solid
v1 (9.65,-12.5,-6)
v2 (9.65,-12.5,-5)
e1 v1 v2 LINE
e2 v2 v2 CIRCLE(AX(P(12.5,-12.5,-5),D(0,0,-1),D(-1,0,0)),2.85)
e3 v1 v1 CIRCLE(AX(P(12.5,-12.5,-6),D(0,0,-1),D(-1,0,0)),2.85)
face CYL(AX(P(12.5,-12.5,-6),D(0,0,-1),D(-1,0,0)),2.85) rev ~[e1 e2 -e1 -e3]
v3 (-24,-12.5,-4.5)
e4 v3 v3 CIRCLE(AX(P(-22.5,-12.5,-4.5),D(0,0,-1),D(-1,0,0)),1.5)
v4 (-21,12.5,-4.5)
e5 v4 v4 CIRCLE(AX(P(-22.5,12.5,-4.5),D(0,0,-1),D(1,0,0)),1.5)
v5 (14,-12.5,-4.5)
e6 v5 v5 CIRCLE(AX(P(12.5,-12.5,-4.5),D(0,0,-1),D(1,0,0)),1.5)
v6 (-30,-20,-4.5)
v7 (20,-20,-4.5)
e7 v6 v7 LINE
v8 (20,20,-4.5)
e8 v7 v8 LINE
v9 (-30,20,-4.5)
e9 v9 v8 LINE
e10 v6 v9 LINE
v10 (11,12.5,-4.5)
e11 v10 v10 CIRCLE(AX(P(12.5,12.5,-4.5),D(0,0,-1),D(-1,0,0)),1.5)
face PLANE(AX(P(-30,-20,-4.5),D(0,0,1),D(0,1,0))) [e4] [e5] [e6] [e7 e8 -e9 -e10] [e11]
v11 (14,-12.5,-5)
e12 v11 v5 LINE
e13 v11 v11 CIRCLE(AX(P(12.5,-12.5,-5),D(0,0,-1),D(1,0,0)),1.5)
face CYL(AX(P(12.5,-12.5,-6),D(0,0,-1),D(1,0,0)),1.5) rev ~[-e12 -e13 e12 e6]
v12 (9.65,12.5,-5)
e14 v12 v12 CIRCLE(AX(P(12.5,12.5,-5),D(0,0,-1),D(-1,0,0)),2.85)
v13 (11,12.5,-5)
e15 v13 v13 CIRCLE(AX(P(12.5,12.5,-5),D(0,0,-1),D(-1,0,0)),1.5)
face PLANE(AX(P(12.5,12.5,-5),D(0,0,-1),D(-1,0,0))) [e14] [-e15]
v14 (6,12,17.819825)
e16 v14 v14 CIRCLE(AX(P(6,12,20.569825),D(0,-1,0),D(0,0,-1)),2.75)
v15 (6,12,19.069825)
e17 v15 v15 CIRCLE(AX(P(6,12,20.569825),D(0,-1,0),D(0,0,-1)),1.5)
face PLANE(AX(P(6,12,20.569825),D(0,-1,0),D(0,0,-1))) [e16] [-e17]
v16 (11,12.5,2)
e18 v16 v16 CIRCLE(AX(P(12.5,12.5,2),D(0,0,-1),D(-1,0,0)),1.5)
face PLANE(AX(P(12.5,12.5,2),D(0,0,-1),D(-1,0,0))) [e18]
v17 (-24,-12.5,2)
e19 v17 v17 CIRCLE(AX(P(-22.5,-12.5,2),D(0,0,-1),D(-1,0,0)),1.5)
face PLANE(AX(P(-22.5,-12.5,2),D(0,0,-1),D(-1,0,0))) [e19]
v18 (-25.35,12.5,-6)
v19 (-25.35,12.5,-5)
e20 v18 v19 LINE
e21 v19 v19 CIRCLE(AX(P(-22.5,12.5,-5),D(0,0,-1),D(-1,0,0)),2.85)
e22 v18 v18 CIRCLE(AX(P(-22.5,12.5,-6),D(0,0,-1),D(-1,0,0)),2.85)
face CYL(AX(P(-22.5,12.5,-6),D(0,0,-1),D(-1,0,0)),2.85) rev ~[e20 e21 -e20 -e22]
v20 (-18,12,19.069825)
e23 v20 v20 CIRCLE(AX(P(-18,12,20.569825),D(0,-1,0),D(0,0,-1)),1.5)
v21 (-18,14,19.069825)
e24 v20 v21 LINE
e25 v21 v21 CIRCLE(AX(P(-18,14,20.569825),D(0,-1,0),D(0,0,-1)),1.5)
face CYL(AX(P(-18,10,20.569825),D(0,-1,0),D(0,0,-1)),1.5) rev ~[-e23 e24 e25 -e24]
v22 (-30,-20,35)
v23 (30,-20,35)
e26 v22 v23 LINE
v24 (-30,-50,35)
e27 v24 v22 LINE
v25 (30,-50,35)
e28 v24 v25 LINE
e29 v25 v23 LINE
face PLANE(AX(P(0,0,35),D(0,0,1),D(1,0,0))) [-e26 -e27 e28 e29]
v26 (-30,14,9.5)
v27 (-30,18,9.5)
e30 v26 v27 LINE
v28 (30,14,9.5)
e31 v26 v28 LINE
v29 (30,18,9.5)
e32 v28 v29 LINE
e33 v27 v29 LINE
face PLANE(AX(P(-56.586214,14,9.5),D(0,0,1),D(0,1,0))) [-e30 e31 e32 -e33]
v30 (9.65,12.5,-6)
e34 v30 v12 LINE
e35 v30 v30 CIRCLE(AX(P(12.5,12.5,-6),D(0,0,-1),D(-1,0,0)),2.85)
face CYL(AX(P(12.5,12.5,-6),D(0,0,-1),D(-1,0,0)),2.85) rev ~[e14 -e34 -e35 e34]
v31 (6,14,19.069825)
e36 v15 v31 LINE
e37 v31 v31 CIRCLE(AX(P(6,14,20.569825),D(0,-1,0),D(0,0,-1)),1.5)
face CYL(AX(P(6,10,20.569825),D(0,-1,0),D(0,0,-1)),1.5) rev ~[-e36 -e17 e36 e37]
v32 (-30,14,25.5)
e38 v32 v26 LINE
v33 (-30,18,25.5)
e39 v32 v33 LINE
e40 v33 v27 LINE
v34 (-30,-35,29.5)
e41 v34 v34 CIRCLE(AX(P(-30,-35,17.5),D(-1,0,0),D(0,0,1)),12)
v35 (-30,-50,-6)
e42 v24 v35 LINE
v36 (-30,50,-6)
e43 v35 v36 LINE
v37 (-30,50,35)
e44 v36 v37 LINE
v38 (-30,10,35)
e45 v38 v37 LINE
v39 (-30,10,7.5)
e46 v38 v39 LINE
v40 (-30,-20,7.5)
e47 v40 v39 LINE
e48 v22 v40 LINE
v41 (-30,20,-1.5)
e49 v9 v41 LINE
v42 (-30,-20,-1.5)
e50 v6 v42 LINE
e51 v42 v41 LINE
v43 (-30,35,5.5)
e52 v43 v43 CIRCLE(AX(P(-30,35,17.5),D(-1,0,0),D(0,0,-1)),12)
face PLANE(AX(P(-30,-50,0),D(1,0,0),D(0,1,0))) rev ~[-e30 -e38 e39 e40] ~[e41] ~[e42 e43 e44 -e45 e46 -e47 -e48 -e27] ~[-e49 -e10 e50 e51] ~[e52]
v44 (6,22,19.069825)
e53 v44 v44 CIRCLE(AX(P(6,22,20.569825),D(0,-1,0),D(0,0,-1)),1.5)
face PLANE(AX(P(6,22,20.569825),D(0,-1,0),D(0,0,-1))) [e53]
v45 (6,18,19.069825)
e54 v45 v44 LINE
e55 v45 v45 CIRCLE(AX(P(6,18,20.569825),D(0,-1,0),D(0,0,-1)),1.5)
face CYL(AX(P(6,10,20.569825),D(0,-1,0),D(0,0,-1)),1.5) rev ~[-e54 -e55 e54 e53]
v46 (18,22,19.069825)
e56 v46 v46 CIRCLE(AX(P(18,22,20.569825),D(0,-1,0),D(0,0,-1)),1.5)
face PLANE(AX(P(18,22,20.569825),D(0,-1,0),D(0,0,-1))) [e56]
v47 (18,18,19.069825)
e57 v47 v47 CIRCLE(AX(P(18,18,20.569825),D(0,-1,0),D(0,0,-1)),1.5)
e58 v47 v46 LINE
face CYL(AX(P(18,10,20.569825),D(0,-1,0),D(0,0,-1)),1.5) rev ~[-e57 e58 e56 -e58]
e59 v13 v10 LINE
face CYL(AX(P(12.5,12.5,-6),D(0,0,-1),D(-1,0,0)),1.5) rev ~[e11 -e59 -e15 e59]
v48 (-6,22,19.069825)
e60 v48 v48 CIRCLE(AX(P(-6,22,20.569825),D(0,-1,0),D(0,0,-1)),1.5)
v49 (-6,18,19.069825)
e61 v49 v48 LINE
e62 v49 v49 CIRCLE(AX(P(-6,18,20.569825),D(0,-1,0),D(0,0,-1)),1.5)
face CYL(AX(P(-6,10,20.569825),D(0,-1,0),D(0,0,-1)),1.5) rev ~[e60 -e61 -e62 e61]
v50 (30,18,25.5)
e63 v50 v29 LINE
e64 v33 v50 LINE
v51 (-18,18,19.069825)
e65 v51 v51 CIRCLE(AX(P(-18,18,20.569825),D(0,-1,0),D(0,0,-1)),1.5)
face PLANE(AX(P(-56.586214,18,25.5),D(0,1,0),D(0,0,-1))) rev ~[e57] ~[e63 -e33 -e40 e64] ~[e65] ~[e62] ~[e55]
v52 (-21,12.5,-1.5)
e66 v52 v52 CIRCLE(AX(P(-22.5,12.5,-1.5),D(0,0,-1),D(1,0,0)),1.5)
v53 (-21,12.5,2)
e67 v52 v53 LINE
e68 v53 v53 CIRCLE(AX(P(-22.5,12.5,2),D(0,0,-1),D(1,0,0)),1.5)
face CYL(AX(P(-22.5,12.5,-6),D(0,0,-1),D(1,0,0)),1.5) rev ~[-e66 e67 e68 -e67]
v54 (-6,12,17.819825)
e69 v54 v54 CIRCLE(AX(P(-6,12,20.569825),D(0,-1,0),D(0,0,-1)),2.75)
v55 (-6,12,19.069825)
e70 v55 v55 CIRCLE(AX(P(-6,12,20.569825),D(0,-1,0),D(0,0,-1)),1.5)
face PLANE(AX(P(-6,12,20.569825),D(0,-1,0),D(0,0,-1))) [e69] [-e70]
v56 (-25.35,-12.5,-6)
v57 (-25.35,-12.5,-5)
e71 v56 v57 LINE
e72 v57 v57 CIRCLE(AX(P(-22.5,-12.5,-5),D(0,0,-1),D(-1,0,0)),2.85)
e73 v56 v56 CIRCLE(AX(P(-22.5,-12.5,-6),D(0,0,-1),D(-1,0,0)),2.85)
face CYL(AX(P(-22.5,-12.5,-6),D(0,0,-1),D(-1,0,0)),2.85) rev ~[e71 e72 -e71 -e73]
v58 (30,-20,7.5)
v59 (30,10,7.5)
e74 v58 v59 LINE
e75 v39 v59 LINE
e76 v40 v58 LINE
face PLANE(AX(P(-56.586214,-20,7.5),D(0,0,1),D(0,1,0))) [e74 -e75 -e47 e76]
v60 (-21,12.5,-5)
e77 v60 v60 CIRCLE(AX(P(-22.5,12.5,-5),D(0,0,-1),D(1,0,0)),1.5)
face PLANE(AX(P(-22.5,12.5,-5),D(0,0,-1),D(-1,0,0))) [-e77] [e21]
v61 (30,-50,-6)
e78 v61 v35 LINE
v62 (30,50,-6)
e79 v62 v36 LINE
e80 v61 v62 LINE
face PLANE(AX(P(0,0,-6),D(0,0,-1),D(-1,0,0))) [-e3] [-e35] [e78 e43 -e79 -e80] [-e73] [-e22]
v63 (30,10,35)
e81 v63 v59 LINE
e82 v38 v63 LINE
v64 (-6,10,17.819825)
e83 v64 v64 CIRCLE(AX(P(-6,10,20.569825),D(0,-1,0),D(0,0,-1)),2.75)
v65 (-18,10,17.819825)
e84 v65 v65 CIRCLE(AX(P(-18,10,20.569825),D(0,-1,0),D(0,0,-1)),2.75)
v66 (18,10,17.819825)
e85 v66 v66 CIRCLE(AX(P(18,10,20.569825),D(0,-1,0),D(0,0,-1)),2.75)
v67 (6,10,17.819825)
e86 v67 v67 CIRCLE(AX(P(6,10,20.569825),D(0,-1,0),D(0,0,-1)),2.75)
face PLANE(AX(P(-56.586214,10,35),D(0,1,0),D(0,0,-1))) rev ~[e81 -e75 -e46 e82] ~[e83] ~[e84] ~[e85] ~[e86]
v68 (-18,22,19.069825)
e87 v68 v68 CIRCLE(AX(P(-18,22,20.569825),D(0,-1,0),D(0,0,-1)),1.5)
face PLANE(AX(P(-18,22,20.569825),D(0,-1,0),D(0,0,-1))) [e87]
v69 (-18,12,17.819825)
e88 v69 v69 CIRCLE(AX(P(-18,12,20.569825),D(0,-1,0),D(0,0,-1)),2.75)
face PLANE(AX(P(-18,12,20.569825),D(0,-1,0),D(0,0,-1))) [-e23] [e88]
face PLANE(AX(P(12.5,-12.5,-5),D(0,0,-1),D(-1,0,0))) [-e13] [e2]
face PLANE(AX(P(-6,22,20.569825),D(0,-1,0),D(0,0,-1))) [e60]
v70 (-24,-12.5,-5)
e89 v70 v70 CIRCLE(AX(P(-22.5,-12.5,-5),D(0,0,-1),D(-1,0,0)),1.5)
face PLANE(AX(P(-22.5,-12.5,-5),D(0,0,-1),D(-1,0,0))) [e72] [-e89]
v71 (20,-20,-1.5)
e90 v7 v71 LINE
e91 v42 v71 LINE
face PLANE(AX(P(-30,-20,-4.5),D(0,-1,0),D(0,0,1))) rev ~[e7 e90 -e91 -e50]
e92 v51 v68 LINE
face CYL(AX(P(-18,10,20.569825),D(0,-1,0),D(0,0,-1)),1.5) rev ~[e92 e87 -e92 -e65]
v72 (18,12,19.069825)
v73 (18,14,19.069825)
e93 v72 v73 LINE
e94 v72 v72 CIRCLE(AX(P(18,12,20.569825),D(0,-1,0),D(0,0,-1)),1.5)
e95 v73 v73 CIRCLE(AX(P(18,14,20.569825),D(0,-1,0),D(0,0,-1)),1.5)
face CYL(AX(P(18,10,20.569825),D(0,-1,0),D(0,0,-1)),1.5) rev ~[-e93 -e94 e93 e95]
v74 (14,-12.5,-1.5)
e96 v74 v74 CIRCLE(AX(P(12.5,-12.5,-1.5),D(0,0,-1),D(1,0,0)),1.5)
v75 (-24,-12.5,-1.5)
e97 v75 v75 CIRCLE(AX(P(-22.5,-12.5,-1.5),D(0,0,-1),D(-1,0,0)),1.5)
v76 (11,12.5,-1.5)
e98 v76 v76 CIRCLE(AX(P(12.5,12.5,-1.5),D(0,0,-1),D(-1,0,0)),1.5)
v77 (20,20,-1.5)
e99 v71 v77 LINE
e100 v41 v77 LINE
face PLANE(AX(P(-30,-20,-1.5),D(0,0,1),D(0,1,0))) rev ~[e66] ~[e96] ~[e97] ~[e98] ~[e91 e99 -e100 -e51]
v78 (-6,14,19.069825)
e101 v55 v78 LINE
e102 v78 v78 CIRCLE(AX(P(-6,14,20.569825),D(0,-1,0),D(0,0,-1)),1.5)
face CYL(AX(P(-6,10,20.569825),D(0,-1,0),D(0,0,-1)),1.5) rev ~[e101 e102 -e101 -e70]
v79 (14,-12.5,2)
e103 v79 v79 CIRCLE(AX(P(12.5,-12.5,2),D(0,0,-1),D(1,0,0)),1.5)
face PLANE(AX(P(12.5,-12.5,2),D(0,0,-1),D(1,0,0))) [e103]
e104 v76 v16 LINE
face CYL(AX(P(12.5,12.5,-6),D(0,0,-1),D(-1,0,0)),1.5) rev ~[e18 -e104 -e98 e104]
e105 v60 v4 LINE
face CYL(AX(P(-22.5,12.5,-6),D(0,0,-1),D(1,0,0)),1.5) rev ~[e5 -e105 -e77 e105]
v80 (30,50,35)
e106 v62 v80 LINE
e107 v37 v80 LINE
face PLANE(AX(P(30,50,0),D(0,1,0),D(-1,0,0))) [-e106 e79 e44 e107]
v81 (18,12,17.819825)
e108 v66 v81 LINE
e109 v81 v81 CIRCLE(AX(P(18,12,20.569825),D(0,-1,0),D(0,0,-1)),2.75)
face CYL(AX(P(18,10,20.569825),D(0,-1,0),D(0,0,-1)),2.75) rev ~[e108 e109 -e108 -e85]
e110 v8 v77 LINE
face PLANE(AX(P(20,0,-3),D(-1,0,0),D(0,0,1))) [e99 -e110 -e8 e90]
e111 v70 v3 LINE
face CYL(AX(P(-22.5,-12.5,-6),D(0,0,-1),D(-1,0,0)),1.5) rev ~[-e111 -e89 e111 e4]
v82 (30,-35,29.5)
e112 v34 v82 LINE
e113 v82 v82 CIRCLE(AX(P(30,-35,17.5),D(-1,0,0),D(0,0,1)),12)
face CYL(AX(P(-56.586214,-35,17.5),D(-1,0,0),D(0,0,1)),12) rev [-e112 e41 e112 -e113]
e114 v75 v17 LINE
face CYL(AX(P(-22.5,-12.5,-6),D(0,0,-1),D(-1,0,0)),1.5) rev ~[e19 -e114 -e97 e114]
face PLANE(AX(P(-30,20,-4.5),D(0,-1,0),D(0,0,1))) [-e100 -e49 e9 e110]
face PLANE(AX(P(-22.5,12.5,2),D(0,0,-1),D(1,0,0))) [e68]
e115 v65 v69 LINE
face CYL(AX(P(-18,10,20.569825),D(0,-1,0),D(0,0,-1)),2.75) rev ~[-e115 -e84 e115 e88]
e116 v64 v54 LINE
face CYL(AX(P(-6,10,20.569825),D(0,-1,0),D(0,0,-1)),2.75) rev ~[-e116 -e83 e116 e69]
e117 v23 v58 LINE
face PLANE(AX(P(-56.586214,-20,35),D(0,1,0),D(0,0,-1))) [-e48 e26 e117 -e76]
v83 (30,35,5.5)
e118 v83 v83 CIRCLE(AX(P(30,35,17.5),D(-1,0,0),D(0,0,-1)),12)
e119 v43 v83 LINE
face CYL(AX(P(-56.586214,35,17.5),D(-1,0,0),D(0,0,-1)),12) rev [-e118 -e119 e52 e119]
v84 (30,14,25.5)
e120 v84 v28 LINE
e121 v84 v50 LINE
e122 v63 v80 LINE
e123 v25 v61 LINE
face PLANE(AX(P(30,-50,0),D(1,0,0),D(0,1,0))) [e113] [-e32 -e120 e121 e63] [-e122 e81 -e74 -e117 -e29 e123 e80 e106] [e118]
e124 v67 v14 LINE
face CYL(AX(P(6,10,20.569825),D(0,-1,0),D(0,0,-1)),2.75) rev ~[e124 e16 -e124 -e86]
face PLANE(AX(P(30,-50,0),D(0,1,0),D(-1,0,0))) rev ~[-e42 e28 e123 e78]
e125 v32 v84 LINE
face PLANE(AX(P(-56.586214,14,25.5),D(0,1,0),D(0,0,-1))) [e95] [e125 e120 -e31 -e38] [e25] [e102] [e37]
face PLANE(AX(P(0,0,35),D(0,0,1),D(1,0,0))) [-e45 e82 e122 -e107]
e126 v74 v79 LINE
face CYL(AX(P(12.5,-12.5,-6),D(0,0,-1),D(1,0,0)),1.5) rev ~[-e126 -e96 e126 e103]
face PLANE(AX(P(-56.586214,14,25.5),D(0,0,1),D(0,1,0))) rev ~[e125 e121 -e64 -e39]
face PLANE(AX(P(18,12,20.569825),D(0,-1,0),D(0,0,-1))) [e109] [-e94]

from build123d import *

# Parameters (mm, degrees)
SKETCH1_W               = 60
SKETCH1_H               = 100
BOSS_EXTRUDE1_DEPTH     = 35
CUT_EXTRUDE1_DEPTH      = 86.586213843
CUT_EXTRUDE1_DEPTH_BACK = 86.586213843
SKETCH3_R               = 12
SKETCH3_W               = 16
SKETCH3_H               = 4
CUT_EXTRUDE2_DEPTH      = 86.586213843
CUT_EXTRUDE2_DEPTH_BACK = 86.586213843
SKETCH4_W               = 27.5
SKETCH4_H               = 30
SKETCH5_R               = 1.5
CUT_EXTRUDE3_DEPTH      = 12
SKETCH6_R               = 2.75
CUT_EXTRUDE4_DEPTH      = 2
SKETCH7_W               = 60
SKETCH7_H               = 100
BOSS_EXTRUDE2_DEPTH     = 6
SKETCH11_W              = 3
SKETCH11_H              = 40
CUT_EXTRUDE8_DEPTH      = 50
SKETCH9_R               = 1.5
CUT_EXTRUDE9_DEPTH      = 8
SKETCH12_R              = 2.85
CUT_EXTRUDE10_DEPTH     = 1


with BuildPart() as part:
    # Sketch1 → Boss-Extrude1 (new body)
    with BuildSketch(Plane.XY):
        Rectangle(SKETCH1_W, SKETCH1_H)
    extrude(amount=BOSS_EXTRUDE1_DEPTH)

    # Sketch3 → Cut-Extrude1 (cut, two sides: drawn at the far end of the back side and taken through both)
    with BuildSketch(Plane(origin=(30, 0, 0), x_dir=(0, 0, -1), z_dir=(1, 0, 0)).offset(-CUT_EXTRUDE1_DEPTH_BACK)):
        with Locations((-17.5, 35)):
            Circle(SKETCH3_R)
        with Locations(Location((-17.5, -35, 0), (0, 0, 180))):
            Circle(SKETCH3_R)
        with Locations((-17.5, 16)):
            Rectangle(SKETCH3_W, SKETCH3_H)
    extrude(amount=CUT_EXTRUDE1_DEPTH + CUT_EXTRUDE1_DEPTH_BACK, mode=Mode.SUBTRACT)

    # Sketch4 → Cut-Extrude2 (cut, two sides: drawn at the far end of the back side and taken through both)
    with BuildSketch(Plane(origin=(30, 0, 0), x_dir=(0, 0, -1), z_dir=(1, 0, 0)).offset(-CUT_EXTRUDE2_DEPTH_BACK)):
        with Locations((-21.25, -5)):
            Rectangle(SKETCH4_W, SKETCH4_H)
    extrude(amount=CUT_EXTRUDE2_DEPTH + CUT_EXTRUDE2_DEPTH_BACK, mode=Mode.SUBTRACT)

    # Sketch5 → Cut-Extrude3 (cut)
    with BuildSketch(Plane.XZ.offset(-10)):
        with Locations(Location((-18, 20.569825058, 0), (0, 0, 270))):
            Circle(SKETCH5_R)
        with Locations(Location((-6, 20.569825058, 0), (0, 0, 270))):
            Circle(SKETCH5_R)
        with Locations(Location((6, 20.569825058, 0), (0, 0, 270))):
            Circle(SKETCH5_R)
        with Locations(Location((18, 20.569825058, 0), (0, 0, 270))):
            Circle(SKETCH5_R)
    extrude(amount=-CUT_EXTRUDE3_DEPTH, mode=Mode.SUBTRACT)

    # Sketch6 → Cut-Extrude4 (cut)
    with BuildSketch(Plane.XZ.offset(-10)):
        with Locations(Location((-18, 20.569825058, 0), (0, 0, 270))):
            Circle(SKETCH6_R)
        with Locations(Location((-6, 20.569825058, 0), (0, 0, 270))):
            Circle(SKETCH6_R)
        with Locations(Location((6, 20.569825058, 0), (0, 0, 270))):
            Circle(SKETCH6_R)
        with Locations(Location((18, 20.569825058, 0), (0, 0, 270))):
            Circle(SKETCH6_R)
    extrude(amount=-CUT_EXTRUDE4_DEPTH, mode=Mode.SUBTRACT)

    # Sketch7 → Boss-Extrude2 (add)
    with BuildSketch(Plane(origin=(0, 0, 0), x_dir=(-1, 0, 0), z_dir=(0, 0, -1))):
        Rectangle(SKETCH7_W, SKETCH7_H)
    extrude(amount=BOSS_EXTRUDE2_DEPTH)

    # Sketch11 → Cut-Extrude8 (cut)
    with BuildSketch(Plane.ZY.offset(30)):
        with Locations((-3, 0)):
            Rectangle(SKETCH11_W, SKETCH11_H)
    extrude(amount=-CUT_EXTRUDE8_DEPTH, mode=Mode.SUBTRACT)

    # Sketch9 → Cut-Extrude9 (cut)
    with BuildSketch(Plane(origin=(0, 0, -6), x_dir=(-1, 0, 0), z_dir=(0, 0, -1))):
        with Locations((-12.5, 12.5)):
            Circle(SKETCH9_R)
        with Locations(Location((-12.5, -12.5, 0), (0, 0, 180))):
            Circle(SKETCH9_R)
        with Locations((22.5, -12.5)):
            Circle(SKETCH9_R)
        with Locations(Location((22.5, 12.5, 0), (0, 0, 180))):
            Circle(SKETCH9_R)
    extrude(amount=-CUT_EXTRUDE9_DEPTH, mode=Mode.SUBTRACT)

    # Sketch12 → Cut-Extrude10 (cut)
    with BuildSketch(Plane(origin=(0, 0, -6), x_dir=(-1, 0, 0), z_dir=(0, 0, -1))):
        with Locations((-12.5, 12.5)):
            Circle(SKETCH12_R)
        with Locations((22.5, 12.5)):
            Circle(SKETCH12_R)
        with Locations((22.5, -12.5)):
            Circle(SKETCH12_R)
        with Locations((-12.5, -12.5)):
            Circle(SKETCH12_R)
    extrude(amount=-CUT_EXTRUDE10_DEPTH, mode=Mode.SUBTRACT)


solid = part.part
